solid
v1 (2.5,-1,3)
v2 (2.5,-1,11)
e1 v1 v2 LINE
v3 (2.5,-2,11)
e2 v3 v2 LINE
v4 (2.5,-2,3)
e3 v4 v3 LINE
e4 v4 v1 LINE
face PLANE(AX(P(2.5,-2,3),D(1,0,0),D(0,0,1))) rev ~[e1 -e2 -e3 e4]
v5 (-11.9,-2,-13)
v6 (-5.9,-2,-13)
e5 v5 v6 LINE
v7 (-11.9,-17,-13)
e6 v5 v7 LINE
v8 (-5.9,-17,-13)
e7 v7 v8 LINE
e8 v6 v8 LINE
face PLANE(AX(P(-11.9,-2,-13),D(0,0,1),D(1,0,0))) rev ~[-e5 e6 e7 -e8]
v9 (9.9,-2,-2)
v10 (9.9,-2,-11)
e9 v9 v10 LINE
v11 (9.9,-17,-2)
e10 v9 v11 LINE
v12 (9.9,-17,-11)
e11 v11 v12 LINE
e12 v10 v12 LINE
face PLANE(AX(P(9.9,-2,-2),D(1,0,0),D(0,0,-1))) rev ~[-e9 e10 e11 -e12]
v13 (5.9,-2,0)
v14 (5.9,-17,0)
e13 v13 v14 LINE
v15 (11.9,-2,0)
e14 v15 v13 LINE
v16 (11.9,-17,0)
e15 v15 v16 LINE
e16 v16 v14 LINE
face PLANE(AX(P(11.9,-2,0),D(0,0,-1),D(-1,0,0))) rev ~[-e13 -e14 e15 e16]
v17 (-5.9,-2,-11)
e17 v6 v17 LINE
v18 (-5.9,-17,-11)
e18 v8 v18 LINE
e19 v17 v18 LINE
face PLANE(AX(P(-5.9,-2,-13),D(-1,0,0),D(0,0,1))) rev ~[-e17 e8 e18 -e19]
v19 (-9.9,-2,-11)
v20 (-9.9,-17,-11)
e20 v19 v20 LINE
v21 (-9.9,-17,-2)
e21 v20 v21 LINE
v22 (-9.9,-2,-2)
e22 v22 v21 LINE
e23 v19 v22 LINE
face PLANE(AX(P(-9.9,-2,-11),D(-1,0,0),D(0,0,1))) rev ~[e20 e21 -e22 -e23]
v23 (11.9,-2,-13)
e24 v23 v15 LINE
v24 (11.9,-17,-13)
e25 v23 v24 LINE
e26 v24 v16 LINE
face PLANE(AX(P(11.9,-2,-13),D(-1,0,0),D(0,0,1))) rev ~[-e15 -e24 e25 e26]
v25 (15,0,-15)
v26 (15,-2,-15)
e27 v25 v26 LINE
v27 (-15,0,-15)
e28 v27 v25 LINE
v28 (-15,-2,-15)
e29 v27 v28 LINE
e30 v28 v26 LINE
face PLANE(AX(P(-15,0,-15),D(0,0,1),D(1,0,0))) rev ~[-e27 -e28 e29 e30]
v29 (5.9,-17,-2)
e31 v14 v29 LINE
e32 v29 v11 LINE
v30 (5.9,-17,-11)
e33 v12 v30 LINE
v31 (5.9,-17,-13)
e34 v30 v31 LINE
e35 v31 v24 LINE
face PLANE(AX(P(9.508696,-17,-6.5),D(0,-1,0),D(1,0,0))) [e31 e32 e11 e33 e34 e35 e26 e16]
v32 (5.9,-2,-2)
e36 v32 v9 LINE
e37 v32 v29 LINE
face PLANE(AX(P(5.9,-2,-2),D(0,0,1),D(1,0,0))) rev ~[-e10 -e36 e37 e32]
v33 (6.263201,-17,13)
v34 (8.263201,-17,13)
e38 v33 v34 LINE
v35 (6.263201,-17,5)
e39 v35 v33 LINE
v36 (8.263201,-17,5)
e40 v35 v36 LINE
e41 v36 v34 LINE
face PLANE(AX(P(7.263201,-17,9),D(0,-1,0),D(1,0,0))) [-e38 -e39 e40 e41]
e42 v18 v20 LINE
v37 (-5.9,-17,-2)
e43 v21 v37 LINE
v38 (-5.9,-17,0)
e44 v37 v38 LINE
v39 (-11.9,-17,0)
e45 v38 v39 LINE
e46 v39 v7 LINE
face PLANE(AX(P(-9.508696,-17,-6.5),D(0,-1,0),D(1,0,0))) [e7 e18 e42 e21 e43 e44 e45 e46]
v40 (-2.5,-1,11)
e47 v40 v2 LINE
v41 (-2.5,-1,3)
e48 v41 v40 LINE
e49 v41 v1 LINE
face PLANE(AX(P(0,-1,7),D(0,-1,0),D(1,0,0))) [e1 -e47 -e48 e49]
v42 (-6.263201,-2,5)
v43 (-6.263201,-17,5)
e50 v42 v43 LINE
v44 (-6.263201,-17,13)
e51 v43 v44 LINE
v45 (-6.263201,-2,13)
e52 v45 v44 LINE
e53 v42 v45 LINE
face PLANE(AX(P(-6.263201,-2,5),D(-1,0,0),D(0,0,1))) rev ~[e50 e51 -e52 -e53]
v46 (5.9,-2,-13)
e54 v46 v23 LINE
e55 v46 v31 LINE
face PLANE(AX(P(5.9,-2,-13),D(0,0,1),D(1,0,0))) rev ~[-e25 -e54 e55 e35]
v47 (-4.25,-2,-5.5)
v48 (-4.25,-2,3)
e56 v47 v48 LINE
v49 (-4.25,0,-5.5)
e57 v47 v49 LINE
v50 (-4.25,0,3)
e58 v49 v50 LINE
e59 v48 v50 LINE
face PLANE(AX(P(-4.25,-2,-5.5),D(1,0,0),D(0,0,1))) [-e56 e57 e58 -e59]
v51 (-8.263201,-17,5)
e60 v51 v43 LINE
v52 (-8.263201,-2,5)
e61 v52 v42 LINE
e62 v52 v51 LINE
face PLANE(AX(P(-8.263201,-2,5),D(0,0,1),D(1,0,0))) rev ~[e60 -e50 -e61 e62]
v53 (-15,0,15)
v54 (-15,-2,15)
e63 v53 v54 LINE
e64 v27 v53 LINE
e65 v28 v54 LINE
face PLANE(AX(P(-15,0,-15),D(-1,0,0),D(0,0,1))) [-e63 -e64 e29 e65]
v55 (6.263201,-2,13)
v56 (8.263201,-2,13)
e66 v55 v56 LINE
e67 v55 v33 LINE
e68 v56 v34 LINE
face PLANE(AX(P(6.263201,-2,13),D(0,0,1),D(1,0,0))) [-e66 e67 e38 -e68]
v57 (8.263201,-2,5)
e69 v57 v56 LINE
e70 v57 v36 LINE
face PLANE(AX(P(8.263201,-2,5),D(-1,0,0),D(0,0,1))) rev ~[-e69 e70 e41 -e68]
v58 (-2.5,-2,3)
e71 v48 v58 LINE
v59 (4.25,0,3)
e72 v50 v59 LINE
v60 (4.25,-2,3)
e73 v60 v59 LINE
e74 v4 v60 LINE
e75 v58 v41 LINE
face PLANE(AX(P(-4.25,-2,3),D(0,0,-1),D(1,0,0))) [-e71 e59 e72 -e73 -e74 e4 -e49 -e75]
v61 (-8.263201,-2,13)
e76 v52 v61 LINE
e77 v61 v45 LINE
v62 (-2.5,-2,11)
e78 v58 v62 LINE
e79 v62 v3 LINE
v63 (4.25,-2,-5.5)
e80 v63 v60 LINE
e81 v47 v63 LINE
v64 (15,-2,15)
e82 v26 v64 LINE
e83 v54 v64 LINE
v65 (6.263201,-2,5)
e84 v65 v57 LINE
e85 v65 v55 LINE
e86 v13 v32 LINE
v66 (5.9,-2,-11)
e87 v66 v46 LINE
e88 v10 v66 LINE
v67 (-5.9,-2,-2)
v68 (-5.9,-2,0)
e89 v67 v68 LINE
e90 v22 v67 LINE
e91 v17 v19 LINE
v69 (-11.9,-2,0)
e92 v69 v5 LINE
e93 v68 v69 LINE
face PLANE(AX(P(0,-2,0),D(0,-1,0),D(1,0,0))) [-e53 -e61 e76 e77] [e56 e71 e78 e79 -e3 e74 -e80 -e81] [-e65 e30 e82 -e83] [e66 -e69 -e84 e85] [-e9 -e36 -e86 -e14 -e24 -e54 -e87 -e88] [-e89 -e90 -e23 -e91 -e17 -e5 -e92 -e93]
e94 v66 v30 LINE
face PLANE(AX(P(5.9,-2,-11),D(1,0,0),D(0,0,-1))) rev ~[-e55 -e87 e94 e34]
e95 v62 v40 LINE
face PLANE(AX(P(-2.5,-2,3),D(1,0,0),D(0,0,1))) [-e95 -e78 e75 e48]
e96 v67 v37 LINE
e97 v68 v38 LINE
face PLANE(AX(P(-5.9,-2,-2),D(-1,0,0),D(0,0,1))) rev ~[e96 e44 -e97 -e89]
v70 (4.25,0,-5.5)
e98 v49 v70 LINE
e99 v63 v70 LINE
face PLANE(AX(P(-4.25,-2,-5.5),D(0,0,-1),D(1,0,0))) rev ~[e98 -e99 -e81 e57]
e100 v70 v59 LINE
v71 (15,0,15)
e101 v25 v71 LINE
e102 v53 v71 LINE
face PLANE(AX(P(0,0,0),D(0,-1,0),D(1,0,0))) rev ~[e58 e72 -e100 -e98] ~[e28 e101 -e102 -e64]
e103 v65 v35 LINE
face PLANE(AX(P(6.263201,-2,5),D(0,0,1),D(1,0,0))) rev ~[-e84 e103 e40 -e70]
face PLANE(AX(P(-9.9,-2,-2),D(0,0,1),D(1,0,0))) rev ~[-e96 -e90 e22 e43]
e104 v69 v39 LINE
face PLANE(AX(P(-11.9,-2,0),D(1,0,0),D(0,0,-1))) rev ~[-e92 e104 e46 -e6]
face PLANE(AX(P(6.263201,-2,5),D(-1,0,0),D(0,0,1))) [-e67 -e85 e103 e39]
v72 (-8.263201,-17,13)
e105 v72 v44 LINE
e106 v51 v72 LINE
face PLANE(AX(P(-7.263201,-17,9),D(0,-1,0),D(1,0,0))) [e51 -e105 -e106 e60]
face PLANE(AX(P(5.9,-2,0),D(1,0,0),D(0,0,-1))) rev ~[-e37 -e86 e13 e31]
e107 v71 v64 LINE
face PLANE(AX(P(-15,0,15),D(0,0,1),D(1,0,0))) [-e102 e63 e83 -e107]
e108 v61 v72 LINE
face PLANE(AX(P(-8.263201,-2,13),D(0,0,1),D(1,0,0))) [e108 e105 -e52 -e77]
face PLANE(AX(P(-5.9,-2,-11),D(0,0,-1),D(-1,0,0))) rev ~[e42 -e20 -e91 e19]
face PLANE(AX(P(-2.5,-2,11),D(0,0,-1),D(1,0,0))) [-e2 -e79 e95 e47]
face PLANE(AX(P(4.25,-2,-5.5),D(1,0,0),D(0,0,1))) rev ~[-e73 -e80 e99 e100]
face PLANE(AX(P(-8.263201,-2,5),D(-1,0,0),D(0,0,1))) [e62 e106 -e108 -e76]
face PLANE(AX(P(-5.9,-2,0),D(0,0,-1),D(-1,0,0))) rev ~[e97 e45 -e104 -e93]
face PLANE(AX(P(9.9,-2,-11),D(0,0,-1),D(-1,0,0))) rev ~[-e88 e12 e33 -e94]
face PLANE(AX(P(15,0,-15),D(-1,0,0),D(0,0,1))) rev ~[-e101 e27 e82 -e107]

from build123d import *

# Parameters (mm, degrees)
F0_W     = 30
F0_H     = 30
F1_DEPTH = 2
F3_DEPTH = 15
F4_W     = 8.5
F4_H     = 8.5
F5_DEPTH = 25
F6_W     = 2
F6_H     = 8
F7_DEPTH = 15
F8_W     = 5
F8_H     = 8
F9_DEPTH = 1


with BuildPart() as f1:
    # F0 (on Front) → F1 (new body)
    with BuildSketch(Plane.XZ):
        Rectangle(F0_W, F0_H)
    extrude(amount=F1_DEPTH)

    # F2 (on face) → F3 (join)
    with BuildSketch(Plane.XZ.offset(2)):
        Polygon((5.9, -11), (5.9, -13), (11.9, -13), (11.9, 0), (5.9, 0), (5.9, -2), (9.9, -2), (9.9, -11), align=None)
        Polygon((-9.9, -2), (-5.9, -2), (-5.9, 0), (-11.9, 0), (-11.9, -13), (-5.9, -13), (-5.9, -11), (-9.9, -11), align=None)
    extrude(amount=F3_DEPTH)

    # F4 (on face) → F5 (cut)
    with BuildSketch(Plane.XZ.offset(2)):
        with Locations((0, -1.25)):
            Rectangle(F4_W, F4_H)
    extrude(amount=-F5_DEPTH, mode=Mode.SUBTRACT)

    # F6 (on face) → F7 (join)
    with BuildSketch(Plane.XZ.offset(2)):
        with Locations((-7.263201, 9)):
            Rectangle(F6_W, F6_H)
        with Locations((7.263201, 9)):
            Rectangle(F6_W, F6_H)
    extrude(amount=F7_DEPTH)

    # F8 (on face) → F9 (cut)
    with BuildSketch(Plane.XZ.offset(2)):
        with Locations((0, 7)):
            Rectangle(F8_W, F8_H)
    extrude(amount=-F9_DEPTH, mode=Mode.SUBTRACT)


solid = f1.part
